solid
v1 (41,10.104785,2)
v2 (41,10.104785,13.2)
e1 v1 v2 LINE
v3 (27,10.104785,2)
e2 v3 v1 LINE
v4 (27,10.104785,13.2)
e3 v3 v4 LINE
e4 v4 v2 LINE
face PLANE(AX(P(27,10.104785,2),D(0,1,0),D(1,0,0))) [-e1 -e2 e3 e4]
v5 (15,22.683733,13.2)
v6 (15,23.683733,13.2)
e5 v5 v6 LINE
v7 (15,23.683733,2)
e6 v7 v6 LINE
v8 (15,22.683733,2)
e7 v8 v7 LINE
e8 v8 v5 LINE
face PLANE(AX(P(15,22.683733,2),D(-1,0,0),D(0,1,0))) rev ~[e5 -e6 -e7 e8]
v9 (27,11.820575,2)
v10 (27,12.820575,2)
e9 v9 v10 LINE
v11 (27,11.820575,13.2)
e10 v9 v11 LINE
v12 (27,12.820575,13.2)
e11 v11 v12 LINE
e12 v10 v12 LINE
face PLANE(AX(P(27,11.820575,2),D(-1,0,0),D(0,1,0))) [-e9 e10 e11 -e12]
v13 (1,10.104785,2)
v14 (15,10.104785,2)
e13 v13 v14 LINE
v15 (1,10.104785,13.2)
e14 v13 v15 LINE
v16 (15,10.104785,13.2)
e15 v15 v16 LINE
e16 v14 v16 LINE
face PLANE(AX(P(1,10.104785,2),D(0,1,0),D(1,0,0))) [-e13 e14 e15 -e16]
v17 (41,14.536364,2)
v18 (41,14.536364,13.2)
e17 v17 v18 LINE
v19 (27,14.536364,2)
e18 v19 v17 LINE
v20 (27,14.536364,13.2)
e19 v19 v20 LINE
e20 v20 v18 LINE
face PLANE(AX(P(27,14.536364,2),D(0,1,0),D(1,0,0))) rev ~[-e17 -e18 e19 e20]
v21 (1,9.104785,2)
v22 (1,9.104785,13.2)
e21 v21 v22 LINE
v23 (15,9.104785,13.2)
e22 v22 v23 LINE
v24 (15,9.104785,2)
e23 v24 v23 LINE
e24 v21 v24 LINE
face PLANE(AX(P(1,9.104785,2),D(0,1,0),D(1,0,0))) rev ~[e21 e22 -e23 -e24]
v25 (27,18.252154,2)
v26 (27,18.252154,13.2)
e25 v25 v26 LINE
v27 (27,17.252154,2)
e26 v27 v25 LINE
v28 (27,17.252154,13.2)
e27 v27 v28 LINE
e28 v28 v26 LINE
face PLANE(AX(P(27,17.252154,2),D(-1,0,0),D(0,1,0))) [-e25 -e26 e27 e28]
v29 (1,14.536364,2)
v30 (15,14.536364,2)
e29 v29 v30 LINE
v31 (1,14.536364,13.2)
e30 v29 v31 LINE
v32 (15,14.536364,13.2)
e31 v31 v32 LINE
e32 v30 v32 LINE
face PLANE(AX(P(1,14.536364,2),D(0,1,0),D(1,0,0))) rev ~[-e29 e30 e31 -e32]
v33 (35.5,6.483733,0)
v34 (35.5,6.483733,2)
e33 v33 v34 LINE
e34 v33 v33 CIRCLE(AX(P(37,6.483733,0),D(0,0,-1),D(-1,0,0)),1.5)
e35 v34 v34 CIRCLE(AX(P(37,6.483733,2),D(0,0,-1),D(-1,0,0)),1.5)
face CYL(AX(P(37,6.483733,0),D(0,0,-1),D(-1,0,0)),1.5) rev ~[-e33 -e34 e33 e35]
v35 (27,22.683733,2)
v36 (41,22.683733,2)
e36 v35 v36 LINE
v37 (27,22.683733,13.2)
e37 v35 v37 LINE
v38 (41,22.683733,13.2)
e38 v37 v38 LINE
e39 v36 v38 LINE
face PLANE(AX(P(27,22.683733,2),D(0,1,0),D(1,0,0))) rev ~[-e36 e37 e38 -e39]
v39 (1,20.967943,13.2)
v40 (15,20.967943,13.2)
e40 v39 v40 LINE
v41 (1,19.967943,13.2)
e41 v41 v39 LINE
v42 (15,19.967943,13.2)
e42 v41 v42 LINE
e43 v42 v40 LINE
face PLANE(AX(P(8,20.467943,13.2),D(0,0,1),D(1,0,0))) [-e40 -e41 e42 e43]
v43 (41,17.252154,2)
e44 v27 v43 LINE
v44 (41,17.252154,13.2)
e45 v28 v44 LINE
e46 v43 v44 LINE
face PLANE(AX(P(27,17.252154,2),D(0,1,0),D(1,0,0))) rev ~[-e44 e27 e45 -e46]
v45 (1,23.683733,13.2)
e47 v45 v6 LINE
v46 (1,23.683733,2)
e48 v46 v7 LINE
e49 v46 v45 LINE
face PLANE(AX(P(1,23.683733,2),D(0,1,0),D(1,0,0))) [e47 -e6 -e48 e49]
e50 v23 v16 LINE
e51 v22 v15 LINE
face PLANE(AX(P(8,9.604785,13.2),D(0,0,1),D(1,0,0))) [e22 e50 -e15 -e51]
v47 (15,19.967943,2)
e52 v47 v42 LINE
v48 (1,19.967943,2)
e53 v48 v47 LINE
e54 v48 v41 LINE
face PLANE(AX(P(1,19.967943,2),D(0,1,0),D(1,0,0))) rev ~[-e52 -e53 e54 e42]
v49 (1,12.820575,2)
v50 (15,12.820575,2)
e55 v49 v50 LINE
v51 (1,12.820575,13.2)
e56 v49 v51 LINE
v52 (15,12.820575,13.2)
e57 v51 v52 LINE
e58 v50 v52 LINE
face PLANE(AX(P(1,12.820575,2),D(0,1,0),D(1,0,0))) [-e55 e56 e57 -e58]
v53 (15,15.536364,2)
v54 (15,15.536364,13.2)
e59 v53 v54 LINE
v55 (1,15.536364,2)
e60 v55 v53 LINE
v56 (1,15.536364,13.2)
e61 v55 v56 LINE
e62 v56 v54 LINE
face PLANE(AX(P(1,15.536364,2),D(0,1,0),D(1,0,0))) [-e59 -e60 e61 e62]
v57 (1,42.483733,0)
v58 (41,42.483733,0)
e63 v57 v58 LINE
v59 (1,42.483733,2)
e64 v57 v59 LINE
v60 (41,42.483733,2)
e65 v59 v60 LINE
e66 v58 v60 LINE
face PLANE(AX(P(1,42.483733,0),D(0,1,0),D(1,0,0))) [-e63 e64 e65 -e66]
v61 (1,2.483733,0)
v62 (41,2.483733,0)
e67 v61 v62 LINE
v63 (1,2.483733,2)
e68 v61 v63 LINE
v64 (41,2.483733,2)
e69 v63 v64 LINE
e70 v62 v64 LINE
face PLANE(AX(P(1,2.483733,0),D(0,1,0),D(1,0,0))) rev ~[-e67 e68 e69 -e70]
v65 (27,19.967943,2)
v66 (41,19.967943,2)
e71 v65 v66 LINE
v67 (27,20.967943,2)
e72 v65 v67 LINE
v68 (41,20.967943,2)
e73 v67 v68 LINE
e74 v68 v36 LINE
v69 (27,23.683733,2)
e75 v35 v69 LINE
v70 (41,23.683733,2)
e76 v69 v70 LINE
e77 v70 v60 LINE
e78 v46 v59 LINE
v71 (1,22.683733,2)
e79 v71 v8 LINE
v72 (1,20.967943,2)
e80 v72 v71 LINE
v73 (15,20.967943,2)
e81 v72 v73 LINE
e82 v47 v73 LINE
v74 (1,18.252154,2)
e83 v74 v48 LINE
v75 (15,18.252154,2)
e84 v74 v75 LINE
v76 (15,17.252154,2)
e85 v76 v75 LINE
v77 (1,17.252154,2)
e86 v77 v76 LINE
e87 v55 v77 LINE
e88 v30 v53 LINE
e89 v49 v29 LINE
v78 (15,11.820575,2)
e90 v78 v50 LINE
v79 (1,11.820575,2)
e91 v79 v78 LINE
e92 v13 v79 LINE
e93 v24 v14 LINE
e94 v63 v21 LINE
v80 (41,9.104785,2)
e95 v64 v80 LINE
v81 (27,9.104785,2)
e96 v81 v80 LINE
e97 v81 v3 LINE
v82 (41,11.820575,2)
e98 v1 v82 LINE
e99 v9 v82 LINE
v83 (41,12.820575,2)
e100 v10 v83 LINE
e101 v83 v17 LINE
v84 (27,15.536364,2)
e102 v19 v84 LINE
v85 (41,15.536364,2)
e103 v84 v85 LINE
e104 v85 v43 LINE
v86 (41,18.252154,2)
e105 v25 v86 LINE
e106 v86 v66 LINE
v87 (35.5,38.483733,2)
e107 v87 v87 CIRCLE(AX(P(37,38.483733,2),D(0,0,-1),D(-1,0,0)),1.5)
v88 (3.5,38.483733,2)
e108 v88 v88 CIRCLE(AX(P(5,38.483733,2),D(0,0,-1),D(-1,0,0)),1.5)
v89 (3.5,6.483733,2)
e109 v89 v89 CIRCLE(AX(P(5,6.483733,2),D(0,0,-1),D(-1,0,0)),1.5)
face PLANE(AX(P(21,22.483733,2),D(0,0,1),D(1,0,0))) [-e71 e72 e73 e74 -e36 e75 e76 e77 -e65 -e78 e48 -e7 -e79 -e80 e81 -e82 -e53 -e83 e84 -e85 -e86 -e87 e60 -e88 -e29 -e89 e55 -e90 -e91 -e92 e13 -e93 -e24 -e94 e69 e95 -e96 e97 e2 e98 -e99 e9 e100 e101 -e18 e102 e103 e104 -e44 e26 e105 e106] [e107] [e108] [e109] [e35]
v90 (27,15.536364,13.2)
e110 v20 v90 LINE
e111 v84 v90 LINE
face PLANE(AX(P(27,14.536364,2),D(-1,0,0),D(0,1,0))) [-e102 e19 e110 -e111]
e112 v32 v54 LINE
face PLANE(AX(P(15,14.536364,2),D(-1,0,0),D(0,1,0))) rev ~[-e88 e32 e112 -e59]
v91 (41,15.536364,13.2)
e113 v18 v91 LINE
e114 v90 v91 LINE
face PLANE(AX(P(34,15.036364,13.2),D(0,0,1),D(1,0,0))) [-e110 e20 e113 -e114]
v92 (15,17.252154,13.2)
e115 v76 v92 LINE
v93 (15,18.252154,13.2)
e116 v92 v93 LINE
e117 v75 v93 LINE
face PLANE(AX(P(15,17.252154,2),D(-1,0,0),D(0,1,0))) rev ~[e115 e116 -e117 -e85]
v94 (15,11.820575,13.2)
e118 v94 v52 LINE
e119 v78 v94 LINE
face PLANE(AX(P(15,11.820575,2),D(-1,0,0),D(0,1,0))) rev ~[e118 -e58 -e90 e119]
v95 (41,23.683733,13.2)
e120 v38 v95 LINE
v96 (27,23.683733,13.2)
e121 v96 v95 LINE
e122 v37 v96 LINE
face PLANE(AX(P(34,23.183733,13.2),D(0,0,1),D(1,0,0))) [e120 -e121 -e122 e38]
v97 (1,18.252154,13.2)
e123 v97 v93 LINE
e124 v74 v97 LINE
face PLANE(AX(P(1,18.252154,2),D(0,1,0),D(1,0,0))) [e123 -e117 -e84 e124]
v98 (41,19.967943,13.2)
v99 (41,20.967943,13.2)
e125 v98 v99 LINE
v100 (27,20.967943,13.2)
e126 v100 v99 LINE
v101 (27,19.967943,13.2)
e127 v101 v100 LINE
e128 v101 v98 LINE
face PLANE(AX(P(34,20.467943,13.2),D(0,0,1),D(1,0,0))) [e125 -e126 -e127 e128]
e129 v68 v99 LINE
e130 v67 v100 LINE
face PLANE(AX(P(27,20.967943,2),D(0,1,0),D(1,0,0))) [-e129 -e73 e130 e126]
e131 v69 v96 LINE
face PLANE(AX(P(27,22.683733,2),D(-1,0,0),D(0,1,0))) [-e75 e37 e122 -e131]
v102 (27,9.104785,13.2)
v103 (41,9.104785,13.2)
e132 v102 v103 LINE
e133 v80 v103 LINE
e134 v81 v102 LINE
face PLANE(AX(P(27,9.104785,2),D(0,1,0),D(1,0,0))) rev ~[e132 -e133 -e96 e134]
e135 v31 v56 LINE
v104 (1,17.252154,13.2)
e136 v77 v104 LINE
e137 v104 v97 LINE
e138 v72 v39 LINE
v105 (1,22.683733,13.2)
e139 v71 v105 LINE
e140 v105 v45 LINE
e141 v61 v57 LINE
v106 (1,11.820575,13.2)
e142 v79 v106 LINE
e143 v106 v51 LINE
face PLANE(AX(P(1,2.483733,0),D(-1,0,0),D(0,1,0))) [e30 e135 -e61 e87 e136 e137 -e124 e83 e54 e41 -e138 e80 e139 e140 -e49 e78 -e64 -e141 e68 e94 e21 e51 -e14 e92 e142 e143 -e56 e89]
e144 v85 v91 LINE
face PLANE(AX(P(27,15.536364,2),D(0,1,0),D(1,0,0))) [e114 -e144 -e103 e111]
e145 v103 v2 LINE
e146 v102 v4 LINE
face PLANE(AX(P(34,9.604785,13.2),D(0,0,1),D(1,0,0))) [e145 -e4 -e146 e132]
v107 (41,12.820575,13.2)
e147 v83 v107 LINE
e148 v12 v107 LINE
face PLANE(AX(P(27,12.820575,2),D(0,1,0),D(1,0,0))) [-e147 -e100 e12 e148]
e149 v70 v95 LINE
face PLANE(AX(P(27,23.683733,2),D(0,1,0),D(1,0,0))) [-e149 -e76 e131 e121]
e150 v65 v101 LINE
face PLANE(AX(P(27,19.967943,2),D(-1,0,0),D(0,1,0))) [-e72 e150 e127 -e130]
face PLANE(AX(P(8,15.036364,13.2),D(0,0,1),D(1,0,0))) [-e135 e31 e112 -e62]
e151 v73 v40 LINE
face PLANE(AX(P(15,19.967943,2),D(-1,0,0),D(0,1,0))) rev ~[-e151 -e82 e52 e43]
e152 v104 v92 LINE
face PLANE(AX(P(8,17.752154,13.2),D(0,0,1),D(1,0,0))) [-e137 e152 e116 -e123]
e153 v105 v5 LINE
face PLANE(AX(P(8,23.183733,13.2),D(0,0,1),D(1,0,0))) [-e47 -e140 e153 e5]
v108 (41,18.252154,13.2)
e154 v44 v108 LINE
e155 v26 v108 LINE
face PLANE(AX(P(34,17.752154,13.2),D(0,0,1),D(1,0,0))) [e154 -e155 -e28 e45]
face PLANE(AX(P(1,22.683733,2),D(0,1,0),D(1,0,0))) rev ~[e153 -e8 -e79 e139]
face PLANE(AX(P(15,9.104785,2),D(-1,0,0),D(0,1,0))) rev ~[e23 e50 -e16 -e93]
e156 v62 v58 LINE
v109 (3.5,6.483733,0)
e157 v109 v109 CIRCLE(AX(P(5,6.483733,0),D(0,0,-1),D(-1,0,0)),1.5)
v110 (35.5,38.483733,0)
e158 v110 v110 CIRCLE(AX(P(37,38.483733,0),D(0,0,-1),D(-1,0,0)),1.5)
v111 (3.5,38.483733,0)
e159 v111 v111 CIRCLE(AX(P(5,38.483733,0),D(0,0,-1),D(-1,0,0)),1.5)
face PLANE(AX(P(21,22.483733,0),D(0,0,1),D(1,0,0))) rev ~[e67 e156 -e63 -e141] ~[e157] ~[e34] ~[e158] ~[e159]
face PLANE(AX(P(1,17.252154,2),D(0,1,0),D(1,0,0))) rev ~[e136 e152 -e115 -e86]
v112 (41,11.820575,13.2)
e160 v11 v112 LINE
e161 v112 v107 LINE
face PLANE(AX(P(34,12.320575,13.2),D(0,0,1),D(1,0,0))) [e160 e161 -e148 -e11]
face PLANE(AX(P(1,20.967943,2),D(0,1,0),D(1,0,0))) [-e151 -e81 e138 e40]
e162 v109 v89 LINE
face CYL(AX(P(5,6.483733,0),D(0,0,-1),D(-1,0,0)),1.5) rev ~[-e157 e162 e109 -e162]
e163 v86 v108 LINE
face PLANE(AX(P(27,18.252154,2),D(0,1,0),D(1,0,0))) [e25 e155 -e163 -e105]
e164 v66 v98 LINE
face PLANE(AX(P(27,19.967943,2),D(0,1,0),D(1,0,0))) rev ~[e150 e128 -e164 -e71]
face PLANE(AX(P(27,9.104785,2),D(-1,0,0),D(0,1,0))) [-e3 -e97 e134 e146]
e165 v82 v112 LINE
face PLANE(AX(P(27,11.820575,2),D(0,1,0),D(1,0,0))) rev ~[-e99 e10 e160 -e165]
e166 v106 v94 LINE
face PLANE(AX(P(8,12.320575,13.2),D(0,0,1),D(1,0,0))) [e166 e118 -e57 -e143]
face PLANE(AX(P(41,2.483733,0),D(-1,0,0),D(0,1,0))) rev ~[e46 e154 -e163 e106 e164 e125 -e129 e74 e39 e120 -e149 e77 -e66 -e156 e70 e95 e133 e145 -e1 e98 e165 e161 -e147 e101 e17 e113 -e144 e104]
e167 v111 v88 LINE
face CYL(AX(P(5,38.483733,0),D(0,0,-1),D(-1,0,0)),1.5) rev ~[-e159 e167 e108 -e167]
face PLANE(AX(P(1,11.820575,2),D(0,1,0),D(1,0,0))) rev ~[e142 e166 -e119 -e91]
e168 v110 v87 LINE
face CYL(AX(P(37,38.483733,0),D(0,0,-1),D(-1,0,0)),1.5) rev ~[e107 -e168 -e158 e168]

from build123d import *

# Parameters (mm, degrees)
SKETCH1_W            = 40
SKETCH1_H            = 40
BOSS_EXTRUDE1_DEPTH  = 2
EXTRUDE_THIN1_START  = 2
SKETCH1_3_W          = 14
SKETCH1_3_H          = 1
EXTRUDE_THIN1_DEPTH  = 11.2
SKETCH3_R            = 1.5
CUT_EXTRUDE1_DEPTH   = 13.2
LPATTERN1_COUNT      = 2
LPATTERN1_PITCH      = 32
LPATTERN1_COUNT_DIR2 = 2
LPATTERN1_PITCH_DIR2 = 32


with BuildPart() as part:
    # Sketch1 → Boss-Extrude1 (new body)
    with BuildSketch(Plane.XY):
        with Locations((21, 22.483732861)):
            Rectangle(SKETCH1_W, SKETCH1_H)
    extrude(amount=BOSS_EXTRUDE1_DEPTH)

    # Sketch1<3> → Extrude-Thin1 (add)
    with BuildSketch(Plane.XY.offset(EXTRUDE_THIN1_START)):
        with Locations((34, 9.604785493)):
            Rectangle(SKETCH1_3_W, SKETCH1_3_H)
        with Locations((34, 12.320574966)):
            Rectangle(SKETCH1_3_W, SKETCH1_3_H)
        with Locations((34, 15.03636444)):
            Rectangle(SKETCH1_3_W, SKETCH1_3_H)
        with Locations((34, 17.752153914)):
            Rectangle(SKETCH1_3_W, SKETCH1_3_H)
        with Locations((34, 20.467943387)):
            Rectangle(SKETCH1_3_W, SKETCH1_3_H)
        with Locations((34, 23.183732861)):
            Rectangle(SKETCH1_3_W, SKETCH1_3_H)
        with Locations((8, 9.604785493)):
            Rectangle(SKETCH1_3_W, SKETCH1_3_H)
        with Locations((8, 12.320574966)):
            Rectangle(SKETCH1_3_W, SKETCH1_3_H)
        with Locations((8, 15.03636444)):
            Rectangle(SKETCH1_3_W, SKETCH1_3_H)
        with Locations((8, 17.752153914)):
            Rectangle(SKETCH1_3_W, SKETCH1_3_H)
        with Locations((8, 20.467943387)):
            Rectangle(SKETCH1_3_W, SKETCH1_3_H)
        with Locations((8, 23.183732861)):
            Rectangle(SKETCH1_3_W, SKETCH1_3_H)
    extrude(amount=EXTRUDE_THIN1_DEPTH)

    # Sketch3 → Cut-Extrude1 (cut)
    with BuildSketch(Plane(origin=(0, 0, 0), x_dir=(-1, 0, 0), z_dir=(0, 0, -1))):
        with Locations((-37, 6.483732861)):
            Circle(SKETCH3_R)
    cut_extrude1 = extrude(amount=-CUT_EXTRUDE1_DEPTH, mode=Mode.SUBTRACT)

    # LPattern1: Cut-Extrude1 2 × 2
    with Locations(*[(-i * LPATTERN1_PITCH, j * LPATTERN1_PITCH_DIR2, 0) for i in range(LPATTERN1_COUNT) for j in range(LPATTERN1_COUNT_DIR2) if (i, j) != (0, 0)]):
        add(cut_extrude1, mode=Mode.SUBTRACT)


solid = part.part
